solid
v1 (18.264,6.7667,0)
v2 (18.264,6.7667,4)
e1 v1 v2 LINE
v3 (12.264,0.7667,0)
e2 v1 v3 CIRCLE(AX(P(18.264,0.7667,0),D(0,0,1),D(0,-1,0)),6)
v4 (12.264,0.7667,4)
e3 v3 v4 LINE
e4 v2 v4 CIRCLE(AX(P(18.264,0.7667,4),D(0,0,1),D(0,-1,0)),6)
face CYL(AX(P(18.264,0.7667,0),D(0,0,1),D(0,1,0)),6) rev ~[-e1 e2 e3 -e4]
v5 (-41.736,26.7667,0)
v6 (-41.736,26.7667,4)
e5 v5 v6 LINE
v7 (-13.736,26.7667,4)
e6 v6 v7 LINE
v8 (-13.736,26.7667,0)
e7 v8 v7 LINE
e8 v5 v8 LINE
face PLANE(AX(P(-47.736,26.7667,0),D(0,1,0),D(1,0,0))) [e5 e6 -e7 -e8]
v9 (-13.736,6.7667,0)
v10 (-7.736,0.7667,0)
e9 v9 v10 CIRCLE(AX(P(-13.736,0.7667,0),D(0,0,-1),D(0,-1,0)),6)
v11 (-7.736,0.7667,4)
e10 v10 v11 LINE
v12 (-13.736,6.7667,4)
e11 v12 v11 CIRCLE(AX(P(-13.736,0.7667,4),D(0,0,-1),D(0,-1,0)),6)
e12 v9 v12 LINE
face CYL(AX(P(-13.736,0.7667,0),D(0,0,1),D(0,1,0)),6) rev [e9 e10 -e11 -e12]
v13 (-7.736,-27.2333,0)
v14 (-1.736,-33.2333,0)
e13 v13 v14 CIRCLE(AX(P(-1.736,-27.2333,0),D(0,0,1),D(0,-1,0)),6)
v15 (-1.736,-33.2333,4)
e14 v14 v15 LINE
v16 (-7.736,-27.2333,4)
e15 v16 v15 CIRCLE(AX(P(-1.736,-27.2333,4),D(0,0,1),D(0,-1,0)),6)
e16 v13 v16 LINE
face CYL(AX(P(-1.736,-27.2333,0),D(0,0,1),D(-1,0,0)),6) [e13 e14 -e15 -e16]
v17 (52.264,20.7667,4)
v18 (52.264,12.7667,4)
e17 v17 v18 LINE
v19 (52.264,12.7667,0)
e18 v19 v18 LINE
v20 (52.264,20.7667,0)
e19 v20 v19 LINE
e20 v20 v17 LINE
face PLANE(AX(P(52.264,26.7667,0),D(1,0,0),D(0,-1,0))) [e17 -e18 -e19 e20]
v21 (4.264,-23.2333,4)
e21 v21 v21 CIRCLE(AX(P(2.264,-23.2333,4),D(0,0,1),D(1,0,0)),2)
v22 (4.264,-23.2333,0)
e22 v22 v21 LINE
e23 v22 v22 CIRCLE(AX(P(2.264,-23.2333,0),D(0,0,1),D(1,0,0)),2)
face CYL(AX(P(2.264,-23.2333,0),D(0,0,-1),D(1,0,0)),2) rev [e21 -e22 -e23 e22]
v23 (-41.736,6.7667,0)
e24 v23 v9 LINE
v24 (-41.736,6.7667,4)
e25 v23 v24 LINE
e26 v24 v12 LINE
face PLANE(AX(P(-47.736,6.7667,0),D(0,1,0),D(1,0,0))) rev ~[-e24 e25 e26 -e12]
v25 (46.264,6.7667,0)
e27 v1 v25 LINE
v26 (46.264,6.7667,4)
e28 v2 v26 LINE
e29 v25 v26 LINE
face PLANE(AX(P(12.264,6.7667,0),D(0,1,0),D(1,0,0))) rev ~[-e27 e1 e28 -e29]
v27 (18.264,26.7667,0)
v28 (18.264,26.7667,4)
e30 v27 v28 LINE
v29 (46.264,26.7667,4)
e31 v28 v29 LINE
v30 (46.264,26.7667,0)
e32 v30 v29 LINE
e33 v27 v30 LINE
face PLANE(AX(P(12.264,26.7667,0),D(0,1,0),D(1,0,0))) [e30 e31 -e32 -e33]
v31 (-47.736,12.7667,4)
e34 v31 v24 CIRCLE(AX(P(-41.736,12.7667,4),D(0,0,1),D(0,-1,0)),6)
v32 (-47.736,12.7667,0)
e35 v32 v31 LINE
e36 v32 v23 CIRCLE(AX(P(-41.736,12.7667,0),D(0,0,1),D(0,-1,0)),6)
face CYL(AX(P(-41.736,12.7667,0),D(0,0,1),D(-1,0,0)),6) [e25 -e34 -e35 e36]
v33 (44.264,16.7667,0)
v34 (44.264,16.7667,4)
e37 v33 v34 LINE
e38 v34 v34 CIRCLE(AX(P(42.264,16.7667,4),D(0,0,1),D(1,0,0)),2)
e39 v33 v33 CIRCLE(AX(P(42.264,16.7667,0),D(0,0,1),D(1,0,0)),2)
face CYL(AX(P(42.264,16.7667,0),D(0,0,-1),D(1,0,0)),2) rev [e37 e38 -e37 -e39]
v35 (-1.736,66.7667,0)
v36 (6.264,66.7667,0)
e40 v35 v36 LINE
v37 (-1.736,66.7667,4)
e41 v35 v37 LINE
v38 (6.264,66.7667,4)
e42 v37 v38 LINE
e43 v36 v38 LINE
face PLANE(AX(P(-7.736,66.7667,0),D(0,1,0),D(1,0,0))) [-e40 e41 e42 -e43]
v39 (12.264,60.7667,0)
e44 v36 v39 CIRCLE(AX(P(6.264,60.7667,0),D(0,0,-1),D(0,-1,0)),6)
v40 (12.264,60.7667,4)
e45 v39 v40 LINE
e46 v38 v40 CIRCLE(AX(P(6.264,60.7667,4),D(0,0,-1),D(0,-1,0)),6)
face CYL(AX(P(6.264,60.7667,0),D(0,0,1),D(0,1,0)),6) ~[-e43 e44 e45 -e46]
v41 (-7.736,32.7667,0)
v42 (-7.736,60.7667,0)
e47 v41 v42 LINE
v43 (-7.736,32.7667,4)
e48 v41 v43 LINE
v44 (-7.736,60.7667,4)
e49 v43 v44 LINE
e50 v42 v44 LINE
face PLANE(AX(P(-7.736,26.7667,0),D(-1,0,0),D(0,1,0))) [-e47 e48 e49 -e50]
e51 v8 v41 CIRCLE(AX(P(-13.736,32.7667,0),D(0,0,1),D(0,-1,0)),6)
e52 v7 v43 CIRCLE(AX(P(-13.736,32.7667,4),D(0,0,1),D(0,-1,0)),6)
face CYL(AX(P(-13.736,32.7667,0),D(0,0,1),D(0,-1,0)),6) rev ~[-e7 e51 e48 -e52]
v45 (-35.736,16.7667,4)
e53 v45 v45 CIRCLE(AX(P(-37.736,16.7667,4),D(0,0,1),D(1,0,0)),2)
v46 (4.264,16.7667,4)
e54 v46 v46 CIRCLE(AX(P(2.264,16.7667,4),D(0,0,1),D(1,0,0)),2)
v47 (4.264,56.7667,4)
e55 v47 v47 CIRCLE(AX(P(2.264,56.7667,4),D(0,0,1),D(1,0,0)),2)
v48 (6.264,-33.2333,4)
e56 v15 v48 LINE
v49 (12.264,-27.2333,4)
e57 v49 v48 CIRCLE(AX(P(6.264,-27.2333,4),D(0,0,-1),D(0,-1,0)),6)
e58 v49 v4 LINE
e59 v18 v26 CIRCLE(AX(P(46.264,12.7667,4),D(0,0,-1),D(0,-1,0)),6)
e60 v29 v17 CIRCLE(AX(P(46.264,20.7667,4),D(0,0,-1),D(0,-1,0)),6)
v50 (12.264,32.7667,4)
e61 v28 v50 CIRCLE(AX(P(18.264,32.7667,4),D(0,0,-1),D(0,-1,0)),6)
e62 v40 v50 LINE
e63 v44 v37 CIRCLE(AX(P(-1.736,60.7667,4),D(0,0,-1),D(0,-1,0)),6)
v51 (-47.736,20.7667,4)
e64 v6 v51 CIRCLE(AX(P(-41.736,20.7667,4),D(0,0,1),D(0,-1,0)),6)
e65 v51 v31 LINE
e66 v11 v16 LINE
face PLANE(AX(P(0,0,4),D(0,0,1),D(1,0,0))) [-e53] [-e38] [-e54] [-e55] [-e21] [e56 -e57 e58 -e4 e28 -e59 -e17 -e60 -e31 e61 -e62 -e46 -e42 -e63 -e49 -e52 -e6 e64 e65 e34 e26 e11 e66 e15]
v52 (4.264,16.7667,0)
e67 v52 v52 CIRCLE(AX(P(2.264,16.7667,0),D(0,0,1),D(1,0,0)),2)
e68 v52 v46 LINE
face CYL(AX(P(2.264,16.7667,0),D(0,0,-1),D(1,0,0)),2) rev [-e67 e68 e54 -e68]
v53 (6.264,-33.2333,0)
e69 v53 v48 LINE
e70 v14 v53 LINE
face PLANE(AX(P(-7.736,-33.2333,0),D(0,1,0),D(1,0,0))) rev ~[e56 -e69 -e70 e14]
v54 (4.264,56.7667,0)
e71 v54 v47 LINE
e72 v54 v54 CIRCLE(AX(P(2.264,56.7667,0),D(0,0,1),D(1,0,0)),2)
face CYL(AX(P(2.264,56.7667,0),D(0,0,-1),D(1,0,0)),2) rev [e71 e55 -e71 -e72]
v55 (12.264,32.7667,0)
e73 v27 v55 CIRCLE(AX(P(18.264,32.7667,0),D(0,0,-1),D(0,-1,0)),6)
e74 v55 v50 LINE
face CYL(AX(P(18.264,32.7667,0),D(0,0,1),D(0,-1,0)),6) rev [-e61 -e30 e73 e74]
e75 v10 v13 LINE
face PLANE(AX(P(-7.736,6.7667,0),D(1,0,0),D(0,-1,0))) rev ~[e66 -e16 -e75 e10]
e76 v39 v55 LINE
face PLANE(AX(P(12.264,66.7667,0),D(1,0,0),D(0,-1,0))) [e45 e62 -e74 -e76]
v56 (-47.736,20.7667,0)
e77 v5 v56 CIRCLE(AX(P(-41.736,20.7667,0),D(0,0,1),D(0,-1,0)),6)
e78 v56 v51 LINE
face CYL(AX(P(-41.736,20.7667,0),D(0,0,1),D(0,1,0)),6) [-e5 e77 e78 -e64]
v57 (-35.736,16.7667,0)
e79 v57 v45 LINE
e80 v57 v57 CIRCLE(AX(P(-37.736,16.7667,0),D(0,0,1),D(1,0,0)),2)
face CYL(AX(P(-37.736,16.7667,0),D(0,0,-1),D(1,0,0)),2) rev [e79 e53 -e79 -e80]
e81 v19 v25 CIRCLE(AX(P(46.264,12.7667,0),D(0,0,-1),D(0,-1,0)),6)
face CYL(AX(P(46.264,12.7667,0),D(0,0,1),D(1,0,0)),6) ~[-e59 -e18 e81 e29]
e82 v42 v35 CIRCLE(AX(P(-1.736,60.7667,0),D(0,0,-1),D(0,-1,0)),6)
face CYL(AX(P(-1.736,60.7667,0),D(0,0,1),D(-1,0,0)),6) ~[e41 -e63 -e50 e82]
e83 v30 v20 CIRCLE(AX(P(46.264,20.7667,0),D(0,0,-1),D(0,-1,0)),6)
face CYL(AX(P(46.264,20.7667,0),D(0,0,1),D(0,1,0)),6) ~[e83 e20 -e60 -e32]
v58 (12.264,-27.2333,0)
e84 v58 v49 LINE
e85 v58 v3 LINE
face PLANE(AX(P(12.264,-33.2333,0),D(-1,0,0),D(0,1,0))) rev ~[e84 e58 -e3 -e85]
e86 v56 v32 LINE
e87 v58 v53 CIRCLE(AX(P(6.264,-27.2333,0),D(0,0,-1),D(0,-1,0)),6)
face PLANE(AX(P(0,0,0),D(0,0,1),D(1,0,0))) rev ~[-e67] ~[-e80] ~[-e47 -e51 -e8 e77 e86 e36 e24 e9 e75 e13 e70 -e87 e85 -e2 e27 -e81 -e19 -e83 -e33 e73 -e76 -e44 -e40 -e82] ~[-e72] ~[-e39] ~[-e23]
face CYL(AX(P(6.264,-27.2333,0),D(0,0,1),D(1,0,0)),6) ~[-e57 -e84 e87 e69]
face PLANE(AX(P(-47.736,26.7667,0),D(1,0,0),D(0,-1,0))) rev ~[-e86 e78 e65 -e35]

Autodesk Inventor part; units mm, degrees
ref_plane "YZ Plane" through (0, 0, 0) normal (1, 0, 0) x (0, 1, 0)
ref_plane "XZ Plane" through (0, 0, 0) normal (0, 1, 0) x (-1, 0, 0)
ref_plane "XY Plane" through (0, 0, 0) normal (0, 0, 1) x (1, 0, 0)
sketch "Szkic1" plane through (0, 0, 0) normal (0, 0, 1) x (1, 0, 0)
  line L0 (-47.736, 26.7667) -> (-47.736, 6.7667)
  line L1 (-47.736, 26.7667) -> (52.264, 26.7667)
  line L2 (52.264, 26.7667) -> (52.264, 6.7667)
  circle A0 centre (-37.736, 16.7667) radius 2
  circle A1 centre (2.264, 16.7667) radius 2
  circle A2 centre (42.264, 16.7667) radius 2
  line L3 (-7.736, 26.7667) -> (-7.736, 66.7667)
  line L4 (-7.736, 66.7667) -> (12.264, 66.7667)
  line L5 (12.264, 66.7667) -> (12.264, 26.7667)
  circle A3 centre (2.264, 56.7667) radius 2
  line L6 (-47.736, 6.7667) -> (52.264, 6.7667)
  line L7 (-7.736, 6.7667) -> (-7.736, -33.2333)
  line L8 (-7.736, -33.2333) -> (12.264, -33.2333)
  line L9 (12.264, -33.2333) -> (12.264, 6.7667)
  circle A4 centre (2.264, -23.2333) radius 2
  point P0 (0, 0)
  dimension "d0" = 20
  dimension "d1" = 100
  dimension "d4" = 4
  dimension "d5" = 4
  dimension "d6" = 4
  dimension "d7" = 10
  dimension "d8" = 10
  dimension "d9" = 10
  dimension "d10" = 10
  dimension "d11" = 10
  dimension "d12" = 50
  dimension "d13" = 40
  dimension "d14" = 20
  dimension "d15" = 40
  dimension "d16" = 10
  dimension "d17" = 10
  dimension "d18" = 4
  dimension "d20" = 40
  dimension "d21" = 20
  dimension "d22" = 10
  dimension "d23" = 10
  dimension "d24" = 4
extrude "Wyciągnięcie proste1" add sketch "Szkic1" along normal blind 4
fillet "Zaokrąglenie1" radius 6 12 edges at (12.264, 26.7667, 2) (-7.736, 6.7667, 2) (-7.736, 26.7667, 2) (-47.736, 26.7667, 2) (-47.736, 6.7667, 2) (12.264, 66.7667, 2) (-7.736, 66.7667, 2) (52.264, 26.7667, 2) (52.264, 6.7667, 2) (12.264, 6.7667, 2) (12.264, -33.2333, 2) (-7.736, -33.2333, 2)
equation "\"d12\" = 0.5 * d1"
equation "\"d22\" = d17"
equation "\"d23\" = d16"
properties part number "LC_ALU_4mm_Heatbed_Frame_X_Bracket"
